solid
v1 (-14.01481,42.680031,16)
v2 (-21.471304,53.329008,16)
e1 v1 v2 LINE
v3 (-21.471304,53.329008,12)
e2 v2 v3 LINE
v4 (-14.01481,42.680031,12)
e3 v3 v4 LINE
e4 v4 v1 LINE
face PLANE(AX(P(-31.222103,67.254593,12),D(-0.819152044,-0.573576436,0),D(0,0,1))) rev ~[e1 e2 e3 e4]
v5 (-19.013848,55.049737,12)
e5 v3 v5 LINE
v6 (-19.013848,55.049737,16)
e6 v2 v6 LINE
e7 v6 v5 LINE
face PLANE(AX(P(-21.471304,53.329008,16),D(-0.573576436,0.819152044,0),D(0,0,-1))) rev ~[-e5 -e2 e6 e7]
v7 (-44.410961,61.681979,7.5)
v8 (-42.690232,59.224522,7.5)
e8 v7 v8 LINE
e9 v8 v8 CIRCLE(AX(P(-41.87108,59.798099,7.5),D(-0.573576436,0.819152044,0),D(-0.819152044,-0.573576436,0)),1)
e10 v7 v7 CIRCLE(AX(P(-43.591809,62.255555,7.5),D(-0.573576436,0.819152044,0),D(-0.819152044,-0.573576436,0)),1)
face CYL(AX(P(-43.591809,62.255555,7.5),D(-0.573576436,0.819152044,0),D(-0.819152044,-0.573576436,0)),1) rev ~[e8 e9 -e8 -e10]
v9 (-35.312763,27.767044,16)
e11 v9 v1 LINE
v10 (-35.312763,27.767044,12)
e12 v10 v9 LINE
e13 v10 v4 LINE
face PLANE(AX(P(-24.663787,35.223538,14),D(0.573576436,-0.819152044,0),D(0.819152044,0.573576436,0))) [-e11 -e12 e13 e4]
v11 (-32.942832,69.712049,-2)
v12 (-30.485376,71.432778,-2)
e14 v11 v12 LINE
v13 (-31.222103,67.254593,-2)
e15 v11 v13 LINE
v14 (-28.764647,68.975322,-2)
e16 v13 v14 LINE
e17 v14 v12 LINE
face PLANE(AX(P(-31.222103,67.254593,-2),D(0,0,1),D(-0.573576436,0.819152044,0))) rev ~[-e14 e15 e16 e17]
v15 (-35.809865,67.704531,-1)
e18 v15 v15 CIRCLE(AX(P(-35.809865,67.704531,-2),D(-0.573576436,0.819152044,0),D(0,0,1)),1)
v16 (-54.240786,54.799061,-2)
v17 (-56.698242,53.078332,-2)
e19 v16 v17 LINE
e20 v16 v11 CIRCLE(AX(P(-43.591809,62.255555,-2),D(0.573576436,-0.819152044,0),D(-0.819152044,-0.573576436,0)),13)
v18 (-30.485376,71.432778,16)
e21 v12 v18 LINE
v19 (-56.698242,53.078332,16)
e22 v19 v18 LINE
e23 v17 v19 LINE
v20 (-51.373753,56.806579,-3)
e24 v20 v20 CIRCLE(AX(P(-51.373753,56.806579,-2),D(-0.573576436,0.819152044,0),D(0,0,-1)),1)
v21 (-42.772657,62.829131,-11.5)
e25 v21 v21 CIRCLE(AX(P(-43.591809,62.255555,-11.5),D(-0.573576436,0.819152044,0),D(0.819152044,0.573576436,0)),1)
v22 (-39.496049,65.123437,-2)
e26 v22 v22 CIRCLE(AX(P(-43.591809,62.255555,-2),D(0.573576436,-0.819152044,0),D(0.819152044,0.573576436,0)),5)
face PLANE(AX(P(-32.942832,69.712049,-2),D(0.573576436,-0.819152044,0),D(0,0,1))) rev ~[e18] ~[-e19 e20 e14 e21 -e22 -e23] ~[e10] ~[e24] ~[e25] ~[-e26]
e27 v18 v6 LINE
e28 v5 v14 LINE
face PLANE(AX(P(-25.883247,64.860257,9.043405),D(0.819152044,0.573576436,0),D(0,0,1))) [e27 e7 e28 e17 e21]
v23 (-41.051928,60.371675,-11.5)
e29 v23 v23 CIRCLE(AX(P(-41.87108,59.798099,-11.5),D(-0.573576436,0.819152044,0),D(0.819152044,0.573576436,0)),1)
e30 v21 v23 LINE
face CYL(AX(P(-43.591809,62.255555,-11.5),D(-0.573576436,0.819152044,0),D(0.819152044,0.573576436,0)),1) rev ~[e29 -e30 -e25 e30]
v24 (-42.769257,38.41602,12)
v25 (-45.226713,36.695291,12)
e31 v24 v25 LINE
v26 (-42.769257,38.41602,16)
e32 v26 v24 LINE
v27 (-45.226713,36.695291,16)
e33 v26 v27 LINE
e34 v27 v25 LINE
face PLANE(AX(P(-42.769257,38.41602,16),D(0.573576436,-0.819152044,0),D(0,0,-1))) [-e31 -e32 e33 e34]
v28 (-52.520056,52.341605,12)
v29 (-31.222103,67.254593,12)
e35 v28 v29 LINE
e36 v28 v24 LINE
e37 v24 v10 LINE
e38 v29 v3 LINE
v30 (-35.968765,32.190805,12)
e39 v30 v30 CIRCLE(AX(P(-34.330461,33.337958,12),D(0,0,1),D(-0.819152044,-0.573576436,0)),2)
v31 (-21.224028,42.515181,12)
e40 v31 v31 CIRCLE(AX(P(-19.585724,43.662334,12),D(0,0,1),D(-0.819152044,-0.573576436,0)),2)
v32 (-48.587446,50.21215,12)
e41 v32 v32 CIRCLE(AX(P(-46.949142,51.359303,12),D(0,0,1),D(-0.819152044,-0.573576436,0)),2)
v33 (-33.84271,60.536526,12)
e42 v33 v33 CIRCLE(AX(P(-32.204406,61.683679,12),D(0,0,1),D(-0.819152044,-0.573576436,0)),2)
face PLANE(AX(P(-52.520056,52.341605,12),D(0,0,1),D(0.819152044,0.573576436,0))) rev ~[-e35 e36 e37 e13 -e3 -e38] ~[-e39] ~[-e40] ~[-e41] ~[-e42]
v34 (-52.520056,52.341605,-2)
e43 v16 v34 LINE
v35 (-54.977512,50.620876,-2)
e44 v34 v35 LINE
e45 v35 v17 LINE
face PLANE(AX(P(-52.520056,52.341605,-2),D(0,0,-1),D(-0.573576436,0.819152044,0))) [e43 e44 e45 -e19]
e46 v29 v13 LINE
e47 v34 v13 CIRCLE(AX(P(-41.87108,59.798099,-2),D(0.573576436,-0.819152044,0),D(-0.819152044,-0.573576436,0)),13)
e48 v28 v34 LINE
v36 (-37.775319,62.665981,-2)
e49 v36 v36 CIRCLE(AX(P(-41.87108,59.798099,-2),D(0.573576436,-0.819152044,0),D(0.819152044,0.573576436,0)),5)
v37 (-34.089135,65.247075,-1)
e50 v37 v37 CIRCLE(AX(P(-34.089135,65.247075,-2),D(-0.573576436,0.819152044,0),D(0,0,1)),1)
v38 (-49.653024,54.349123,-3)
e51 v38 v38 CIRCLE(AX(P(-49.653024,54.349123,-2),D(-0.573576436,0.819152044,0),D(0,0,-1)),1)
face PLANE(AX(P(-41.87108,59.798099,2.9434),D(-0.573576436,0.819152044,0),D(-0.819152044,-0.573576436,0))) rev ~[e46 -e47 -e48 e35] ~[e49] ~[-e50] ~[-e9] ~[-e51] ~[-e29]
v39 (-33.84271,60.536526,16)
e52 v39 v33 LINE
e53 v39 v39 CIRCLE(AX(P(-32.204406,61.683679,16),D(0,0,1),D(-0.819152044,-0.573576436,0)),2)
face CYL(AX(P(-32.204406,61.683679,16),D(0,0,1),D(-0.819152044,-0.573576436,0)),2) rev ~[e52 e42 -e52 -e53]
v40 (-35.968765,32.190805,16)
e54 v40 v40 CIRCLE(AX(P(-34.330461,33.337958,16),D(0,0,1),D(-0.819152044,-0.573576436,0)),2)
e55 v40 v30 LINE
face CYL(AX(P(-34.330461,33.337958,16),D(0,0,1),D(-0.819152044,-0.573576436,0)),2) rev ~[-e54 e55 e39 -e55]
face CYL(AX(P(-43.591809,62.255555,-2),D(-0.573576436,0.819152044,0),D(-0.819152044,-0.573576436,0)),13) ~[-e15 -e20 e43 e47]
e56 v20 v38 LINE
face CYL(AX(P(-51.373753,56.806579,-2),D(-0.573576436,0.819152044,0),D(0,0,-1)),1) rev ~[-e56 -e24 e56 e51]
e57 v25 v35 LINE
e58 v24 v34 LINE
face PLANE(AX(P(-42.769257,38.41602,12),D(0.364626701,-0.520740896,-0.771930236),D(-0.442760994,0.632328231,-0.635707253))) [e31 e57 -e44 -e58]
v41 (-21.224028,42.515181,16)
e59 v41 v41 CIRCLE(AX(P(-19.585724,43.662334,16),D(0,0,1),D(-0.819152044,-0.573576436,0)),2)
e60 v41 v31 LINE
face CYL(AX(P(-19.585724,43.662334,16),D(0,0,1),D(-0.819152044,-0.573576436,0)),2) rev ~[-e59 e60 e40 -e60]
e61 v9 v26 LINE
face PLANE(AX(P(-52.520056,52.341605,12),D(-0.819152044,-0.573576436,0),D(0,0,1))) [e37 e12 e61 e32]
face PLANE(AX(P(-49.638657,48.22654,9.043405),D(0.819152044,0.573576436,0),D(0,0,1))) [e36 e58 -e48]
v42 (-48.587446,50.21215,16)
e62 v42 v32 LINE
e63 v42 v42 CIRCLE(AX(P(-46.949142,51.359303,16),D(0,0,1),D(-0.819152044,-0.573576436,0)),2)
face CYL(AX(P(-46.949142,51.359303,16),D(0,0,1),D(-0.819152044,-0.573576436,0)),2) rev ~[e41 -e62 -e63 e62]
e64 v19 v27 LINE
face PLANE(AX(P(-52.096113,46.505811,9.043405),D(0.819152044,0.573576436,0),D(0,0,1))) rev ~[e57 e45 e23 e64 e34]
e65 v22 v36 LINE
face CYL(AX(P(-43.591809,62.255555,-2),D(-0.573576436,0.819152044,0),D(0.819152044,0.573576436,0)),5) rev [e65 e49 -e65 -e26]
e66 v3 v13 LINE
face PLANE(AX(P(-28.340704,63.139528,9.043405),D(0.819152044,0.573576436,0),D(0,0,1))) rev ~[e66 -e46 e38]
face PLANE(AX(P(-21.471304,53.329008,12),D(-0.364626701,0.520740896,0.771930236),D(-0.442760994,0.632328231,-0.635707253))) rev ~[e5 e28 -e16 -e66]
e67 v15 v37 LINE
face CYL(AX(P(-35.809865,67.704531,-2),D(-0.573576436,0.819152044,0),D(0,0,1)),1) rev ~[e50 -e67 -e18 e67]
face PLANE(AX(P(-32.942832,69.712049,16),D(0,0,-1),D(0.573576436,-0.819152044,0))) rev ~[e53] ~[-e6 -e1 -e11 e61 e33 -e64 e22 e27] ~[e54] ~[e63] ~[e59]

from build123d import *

# Parameters (mm, degrees)
SKETCH084_R             = 5
PAD062_DEPTH            = 3
SKETCH085_W             = 26
SKETCH085_H             = 4
PAD063_DEPTH            = 30
SKETCH086_R             = 2
POCKET029_DEPTH         = 31.001
SKETCH087_R             = 1
POCKET030_DEPTH         = 137.42322
POLARPATTERN012_COUNT   = 4
PAD104_DEPTH            = 3
PAD105_DEPTH            = 3
BODY038_PLACEMENT_ANGLE = 35


with BuildPart() as part:
    # Sketch084 → Pad062 (new body)
    with BuildSketch(Plane.XZ):
        with BuildLine():
            Line((-13, 18), (13, 18))
            Line((13, 18), (13, 0))
            ThreePointArc((-13, 0), (0, -13), (13, 0))
            Line((-13, 18), (-13, 0))
        make_face()
        Circle(SKETCH084_R, mode=Mode.SUBTRACT)
    extrude(amount=PAD062_DEPTH)

    # Sketch085 (on Face7 of Pad062) → Pad063 (join)
    with BuildSketch(Plane.XZ.offset(3)):
        with Locations((0, 16)):
            Rectangle(SKETCH085_W, SKETCH085_H)
    extrude(amount=PAD063_DEPTH)

    # Sketch086 (on Face5 of Pad063) → Pocket029 (cut, through all)
    with BuildSketch(Plane(origin=(0, 0, 18), x_dir=(-1, 0, 0), z_dir=(0, 0, 1))):
        with Locations((-9, 7)):
            Circle(SKETCH086_R)
        with Locations((9, 7)):
            Circle(SKETCH086_R)
        with Locations((-9, 29)):
            Circle(SKETCH086_R)
        with Locations((9, 29)):
            Circle(SKETCH086_R)
    extrude(amount=-POCKET029_DEPTH, mode=Mode.SUBTRACT)

    # Sketch087 (on Face4 of Pocket029) → Pocket030 (cut, through all)
    with BuildSketch(Plane(origin=(0, 0, 0), x_dir=(1, 0, 0), z_dir=(0, 1, 0))):
        with Locations((0, 9.5)):
            Circle(SKETCH087_R)
    pocket030 = extrude(amount=-POCKET030_DEPTH, mode=Mode.SUBTRACT)

    # PolarPattern012: Pocket030 ×4 about axis
    polarpattern012_axis = Axis((0, 0, 0), (0, 1, 0))
    for i in range(1, POLARPATTERN012_COUNT):
        add(pocket030.rotate(polarpattern012_axis, i * 360 / POLARPATTERN012_COUNT), mode=Mode.SUBTRACT)

    # Sketch263 (on Face7 of PolarPattern012) → Pad104 (join)
    with BuildSketch(Plane(origin=(-13, 0, 0), x_dir=(0, 0, -1), z_dir=(-1, 0, 0))):
        Polygon((0, 0), (-18, 0), (-18, 20), (-14, 20), (0, 3), align=None)
    extrude(amount=PAD104_DEPTH)

    # Sketch264 (on Face10 of Pad104) → Pad105 (join)
    with BuildSketch(Plane(origin=(13, 0, 0), x_dir=(0, 0, 1), z_dir=(1, 0, 0))):
        Polygon((0, 0), (18, 0), (18, 20), (14, 20), (0, 3), align=None)
    extrude(amount=PAD105_DEPTH)


with BuildPart() as part_1:
    # Body038 placement: moved
    add(part.part.moved(Location((-43.591809, 62.255555, -2))).rotate(Axis((-43.591809, 62.255555, -2), (0, 0, 1)), BODY038_PLACEMENT_ANGLE))


solid = part_1.part
